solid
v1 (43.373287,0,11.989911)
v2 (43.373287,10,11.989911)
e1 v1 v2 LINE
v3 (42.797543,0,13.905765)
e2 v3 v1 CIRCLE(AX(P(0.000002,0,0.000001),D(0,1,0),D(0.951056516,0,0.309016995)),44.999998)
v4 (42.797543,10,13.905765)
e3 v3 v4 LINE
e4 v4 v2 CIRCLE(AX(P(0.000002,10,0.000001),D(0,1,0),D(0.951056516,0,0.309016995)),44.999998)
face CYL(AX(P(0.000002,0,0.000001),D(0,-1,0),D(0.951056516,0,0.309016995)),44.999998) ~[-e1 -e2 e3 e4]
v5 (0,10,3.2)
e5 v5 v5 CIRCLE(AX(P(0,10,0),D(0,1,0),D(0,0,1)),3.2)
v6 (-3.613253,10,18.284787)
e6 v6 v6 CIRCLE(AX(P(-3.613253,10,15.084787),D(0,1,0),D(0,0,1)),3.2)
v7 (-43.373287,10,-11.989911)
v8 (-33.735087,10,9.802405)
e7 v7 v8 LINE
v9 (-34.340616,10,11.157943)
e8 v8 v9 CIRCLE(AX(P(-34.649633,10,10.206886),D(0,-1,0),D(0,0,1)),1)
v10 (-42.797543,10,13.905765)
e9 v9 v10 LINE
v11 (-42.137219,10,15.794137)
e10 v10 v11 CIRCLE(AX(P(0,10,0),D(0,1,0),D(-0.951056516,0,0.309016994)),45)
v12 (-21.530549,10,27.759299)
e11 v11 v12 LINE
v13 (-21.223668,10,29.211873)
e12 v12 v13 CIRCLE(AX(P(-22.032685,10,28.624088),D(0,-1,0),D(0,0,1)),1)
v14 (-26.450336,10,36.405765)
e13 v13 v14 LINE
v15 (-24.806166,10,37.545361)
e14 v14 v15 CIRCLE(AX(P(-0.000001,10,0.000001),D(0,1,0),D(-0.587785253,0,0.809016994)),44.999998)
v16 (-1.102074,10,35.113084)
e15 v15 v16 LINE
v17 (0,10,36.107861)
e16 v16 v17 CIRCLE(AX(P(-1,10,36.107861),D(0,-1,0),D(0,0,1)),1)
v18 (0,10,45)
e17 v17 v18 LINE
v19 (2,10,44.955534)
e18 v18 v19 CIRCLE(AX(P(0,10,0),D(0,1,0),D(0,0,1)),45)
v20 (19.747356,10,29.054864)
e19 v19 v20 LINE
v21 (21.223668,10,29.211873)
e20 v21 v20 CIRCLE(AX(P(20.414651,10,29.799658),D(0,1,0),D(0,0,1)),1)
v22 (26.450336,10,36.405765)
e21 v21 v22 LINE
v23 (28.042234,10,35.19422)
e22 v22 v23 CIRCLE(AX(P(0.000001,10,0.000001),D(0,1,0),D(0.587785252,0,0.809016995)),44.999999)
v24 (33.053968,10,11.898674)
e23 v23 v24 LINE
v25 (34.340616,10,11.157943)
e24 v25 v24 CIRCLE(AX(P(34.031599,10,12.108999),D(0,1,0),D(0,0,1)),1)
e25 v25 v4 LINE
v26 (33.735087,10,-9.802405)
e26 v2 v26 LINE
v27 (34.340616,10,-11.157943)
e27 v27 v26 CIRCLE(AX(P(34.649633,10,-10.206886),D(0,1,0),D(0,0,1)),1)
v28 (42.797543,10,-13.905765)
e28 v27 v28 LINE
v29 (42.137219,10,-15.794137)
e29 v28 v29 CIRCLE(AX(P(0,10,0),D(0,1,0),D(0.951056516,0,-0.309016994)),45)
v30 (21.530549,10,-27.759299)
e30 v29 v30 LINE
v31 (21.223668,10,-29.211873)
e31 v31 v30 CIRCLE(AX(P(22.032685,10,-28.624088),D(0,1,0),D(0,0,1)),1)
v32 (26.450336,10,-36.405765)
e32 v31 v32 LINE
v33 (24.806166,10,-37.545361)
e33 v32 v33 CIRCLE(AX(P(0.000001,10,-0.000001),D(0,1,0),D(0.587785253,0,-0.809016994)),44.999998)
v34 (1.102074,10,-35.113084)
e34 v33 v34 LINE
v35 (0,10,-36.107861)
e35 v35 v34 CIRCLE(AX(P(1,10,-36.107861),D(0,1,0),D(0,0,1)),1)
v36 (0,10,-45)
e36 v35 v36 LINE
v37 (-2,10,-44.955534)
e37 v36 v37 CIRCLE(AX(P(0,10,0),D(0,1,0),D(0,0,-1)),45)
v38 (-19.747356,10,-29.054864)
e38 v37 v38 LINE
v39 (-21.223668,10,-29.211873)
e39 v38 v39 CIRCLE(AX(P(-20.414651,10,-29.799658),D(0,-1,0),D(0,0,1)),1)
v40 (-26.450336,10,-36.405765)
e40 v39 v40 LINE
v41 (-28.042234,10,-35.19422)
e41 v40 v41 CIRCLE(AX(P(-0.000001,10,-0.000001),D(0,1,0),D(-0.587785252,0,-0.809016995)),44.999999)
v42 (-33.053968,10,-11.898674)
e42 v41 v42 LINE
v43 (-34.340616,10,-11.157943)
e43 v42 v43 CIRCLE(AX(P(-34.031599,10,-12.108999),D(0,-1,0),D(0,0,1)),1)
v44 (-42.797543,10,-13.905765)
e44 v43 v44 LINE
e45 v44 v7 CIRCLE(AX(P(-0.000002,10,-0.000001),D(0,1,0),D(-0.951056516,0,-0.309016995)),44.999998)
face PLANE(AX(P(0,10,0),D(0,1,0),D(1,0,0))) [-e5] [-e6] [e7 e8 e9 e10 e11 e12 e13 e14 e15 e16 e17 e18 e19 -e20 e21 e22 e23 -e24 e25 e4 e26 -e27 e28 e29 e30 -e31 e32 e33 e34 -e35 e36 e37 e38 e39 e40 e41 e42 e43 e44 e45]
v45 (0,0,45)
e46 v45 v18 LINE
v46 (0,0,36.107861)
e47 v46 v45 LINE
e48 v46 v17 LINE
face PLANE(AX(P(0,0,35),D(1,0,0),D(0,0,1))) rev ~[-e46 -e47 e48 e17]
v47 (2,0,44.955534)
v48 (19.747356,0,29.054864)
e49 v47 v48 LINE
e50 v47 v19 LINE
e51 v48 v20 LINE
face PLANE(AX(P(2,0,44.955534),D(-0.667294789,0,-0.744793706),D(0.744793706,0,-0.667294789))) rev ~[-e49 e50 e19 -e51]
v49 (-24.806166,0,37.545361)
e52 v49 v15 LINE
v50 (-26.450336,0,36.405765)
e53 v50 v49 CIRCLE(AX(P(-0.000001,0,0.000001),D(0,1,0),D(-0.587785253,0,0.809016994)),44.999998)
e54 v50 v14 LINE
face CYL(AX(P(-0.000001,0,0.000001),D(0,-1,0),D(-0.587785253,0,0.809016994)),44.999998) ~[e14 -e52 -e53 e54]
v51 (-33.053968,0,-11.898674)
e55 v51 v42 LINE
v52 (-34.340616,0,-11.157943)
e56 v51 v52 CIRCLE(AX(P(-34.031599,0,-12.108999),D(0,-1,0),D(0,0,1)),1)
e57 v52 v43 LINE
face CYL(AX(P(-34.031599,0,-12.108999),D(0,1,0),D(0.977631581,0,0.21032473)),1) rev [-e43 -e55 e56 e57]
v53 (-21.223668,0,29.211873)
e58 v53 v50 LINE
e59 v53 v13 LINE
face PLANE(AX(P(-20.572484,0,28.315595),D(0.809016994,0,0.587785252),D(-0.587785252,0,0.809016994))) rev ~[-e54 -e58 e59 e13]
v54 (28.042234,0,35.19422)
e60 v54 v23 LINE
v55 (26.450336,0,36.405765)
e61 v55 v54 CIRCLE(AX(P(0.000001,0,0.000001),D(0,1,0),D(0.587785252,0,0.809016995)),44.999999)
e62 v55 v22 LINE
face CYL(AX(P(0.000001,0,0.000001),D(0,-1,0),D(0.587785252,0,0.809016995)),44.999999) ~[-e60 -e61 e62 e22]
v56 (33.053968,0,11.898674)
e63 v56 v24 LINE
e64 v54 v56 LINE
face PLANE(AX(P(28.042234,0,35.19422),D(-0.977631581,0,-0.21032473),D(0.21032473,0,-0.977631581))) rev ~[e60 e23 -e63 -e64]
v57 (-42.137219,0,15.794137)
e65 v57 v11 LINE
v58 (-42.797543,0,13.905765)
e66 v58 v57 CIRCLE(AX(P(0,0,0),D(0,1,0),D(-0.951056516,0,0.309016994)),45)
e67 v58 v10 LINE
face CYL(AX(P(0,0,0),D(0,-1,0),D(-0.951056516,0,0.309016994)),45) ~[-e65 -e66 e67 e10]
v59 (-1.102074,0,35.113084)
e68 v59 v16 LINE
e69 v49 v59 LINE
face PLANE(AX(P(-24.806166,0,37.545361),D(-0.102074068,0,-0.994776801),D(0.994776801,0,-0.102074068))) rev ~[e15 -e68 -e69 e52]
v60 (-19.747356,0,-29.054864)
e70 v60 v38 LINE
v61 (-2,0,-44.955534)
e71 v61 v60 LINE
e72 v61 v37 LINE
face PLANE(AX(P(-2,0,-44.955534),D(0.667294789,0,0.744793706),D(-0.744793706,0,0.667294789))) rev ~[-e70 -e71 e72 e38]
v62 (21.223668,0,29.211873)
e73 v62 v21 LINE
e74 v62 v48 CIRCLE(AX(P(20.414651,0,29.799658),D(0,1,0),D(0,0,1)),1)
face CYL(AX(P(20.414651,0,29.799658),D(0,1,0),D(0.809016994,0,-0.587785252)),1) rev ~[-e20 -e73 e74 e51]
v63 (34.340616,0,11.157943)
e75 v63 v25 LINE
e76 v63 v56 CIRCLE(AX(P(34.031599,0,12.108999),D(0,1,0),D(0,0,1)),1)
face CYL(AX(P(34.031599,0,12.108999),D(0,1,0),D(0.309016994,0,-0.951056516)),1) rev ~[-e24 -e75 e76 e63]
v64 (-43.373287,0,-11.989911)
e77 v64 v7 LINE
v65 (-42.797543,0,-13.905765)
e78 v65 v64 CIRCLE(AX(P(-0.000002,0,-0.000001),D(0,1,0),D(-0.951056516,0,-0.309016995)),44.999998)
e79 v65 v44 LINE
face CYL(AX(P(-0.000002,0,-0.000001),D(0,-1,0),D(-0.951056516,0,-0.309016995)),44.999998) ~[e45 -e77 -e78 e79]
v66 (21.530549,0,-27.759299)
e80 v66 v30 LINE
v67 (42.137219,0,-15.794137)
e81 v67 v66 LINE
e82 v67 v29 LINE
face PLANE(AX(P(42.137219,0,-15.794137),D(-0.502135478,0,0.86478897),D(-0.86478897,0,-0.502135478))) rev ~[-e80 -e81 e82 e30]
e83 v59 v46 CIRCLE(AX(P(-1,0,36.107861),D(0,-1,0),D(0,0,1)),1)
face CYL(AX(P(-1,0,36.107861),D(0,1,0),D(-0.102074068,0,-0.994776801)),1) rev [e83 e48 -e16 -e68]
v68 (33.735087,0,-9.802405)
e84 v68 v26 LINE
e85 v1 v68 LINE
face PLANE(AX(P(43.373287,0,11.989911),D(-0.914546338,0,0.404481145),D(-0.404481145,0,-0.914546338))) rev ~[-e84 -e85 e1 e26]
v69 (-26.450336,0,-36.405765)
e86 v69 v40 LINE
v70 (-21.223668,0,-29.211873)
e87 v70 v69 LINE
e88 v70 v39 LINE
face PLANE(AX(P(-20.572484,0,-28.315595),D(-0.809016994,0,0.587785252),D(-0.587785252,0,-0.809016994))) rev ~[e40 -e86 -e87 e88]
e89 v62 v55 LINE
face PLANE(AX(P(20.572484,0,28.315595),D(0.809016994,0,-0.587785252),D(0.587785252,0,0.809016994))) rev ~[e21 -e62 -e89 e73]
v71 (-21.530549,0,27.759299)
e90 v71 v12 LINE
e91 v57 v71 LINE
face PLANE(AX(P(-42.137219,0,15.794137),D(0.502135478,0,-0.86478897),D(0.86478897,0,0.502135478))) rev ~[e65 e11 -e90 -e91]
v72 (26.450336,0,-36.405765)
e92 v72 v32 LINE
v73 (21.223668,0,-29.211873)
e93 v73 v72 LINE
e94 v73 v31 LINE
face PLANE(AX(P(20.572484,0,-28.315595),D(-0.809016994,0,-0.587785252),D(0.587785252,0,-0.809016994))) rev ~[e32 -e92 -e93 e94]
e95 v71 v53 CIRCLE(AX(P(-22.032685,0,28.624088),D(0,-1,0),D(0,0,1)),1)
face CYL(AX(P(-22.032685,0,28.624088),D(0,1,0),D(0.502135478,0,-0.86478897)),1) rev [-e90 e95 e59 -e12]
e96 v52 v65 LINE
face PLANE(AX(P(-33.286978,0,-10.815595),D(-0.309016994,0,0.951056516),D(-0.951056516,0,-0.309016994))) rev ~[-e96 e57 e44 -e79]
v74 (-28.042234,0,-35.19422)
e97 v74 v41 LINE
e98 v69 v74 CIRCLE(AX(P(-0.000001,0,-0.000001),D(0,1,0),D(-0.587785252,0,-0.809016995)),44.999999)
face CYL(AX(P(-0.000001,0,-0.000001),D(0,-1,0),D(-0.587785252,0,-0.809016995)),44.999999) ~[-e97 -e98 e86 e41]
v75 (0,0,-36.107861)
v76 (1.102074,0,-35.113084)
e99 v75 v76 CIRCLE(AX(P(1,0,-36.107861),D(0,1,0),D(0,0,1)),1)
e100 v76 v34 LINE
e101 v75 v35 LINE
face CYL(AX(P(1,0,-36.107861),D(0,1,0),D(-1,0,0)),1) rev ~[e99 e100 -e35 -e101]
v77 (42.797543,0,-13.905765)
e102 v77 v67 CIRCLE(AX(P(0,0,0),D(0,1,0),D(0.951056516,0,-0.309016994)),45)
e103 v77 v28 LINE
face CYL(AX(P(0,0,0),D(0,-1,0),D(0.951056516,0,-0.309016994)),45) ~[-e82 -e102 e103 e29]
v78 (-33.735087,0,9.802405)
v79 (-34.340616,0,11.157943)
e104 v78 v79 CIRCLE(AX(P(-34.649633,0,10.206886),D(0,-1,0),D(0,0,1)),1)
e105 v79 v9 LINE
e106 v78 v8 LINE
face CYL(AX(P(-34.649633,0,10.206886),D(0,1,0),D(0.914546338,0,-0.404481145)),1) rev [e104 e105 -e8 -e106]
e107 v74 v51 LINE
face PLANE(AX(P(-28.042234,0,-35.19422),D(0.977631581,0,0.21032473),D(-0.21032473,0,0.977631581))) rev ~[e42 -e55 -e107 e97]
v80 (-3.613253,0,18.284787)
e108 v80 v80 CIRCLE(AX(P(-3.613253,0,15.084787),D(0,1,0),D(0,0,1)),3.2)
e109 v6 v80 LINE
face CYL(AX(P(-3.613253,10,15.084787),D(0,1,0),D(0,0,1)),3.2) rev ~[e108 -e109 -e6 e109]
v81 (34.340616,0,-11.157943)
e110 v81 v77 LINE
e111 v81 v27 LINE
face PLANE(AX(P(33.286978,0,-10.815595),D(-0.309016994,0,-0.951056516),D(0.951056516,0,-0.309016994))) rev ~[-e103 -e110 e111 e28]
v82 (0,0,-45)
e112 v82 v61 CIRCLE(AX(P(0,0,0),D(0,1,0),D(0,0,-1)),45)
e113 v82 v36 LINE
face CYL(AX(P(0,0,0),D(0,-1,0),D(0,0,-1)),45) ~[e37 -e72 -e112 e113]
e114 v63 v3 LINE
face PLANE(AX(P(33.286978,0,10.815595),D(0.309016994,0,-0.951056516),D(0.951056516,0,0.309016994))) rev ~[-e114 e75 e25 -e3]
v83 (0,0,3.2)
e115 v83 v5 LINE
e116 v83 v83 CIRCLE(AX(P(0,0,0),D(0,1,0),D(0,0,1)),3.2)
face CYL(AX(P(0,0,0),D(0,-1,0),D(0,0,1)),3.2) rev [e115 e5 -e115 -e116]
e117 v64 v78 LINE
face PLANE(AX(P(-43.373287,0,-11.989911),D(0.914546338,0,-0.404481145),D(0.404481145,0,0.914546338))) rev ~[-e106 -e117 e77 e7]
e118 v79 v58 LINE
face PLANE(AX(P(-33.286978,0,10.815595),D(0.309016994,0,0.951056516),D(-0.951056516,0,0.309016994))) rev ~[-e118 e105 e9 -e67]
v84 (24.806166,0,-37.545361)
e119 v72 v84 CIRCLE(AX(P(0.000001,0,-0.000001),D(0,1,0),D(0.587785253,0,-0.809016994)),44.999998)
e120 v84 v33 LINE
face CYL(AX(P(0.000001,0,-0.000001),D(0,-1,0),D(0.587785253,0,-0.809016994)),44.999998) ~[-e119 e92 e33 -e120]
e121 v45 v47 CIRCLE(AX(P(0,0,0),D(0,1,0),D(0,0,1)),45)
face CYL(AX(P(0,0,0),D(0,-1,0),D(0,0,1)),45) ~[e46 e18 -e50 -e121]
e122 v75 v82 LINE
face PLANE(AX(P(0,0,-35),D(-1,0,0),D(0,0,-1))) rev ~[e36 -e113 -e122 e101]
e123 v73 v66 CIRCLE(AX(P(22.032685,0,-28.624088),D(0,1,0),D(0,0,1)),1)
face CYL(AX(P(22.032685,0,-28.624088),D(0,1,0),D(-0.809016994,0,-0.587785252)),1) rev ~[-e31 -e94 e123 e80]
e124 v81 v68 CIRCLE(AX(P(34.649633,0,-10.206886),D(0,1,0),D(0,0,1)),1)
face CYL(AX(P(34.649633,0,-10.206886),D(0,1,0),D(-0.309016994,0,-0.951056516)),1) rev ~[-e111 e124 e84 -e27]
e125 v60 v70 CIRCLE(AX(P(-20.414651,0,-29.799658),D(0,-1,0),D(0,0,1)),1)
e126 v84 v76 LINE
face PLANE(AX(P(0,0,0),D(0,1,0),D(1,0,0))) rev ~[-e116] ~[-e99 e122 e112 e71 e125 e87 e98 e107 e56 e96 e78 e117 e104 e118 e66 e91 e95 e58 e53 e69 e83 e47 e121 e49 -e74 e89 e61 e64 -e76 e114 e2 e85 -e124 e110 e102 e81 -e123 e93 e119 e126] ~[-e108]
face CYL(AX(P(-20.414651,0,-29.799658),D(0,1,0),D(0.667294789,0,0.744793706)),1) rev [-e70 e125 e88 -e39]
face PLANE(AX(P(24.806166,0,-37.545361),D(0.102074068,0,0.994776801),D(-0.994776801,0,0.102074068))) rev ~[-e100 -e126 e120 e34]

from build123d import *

# Parameters (mm, degrees)
SKETCH2_R           = 3.2
BOSS_EXTRUDE1_DEPTH = 10
FILLET1_R           = 1
SKETCH3_R           = 3.2
CUT_EXTRUDE1_DEPTH  = 40


with BuildPart() as part:
    # Sketch2 → Boss-Extrude1 (new body)
    with BuildSketch(Plane(origin=(0, 0, 0), x_dir=(1, 0, 0), z_dir=(0, 1, 0))):
        with BuildLine():
            Line((-2, 44.955533586), (-20.57248383, 28.315594803))
            Line((-20.57248383, 28.315594803), (-26.450336353, 36.405764747))
            ThreePointArc((-26.450336353, 36.405764747), (-27.253018295, 35.808839605), (-28.04223364, 35.194220158))
            Line((-28.04223364, 35.194220158), (-33.28697807, 10.815594803))
            Line((-33.28697807, 10.815594803), (-42.797543233, 13.905764747))
            ThreePointArc((-42.797543233, 13.905764747), (-43.09606277, 12.951037555), (-43.373287149, 11.989910837))
            Line((-43.373287149, 11.989910837), (-33.28697807, -10.815594803))
            Line((-33.28697807, -10.815594803), (-42.797543233, -13.905764747))
            ThreePointArc((-42.797543233, -13.905764747), (-42.477876048, -14.853620651), (-42.137219172, -15.794136902))
            Line((-42.137219172, -15.794136902), (-20.57248383, -28.315594803))
            Line((-20.57248383, -28.315594803), (-26.450336353, -36.405764747))
            ThreePointArc((-26.450336353, -36.405764747), (-25.634584446, -36.984700625), (-24.806165662, -37.545361167))
            Line((-24.806165662, -37.545361167), (0, -35))
            Line((0, -35), (0, -45))
            ThreePointArc((0, -45), (1.000247127, -44.988882023), (2, -44.955533586))
            Line((2, -44.955533586), (20.57248383, -28.315594803))
            Line((20.57248383, -28.315594803), (26.450336353, -36.405764747))
            ThreePointArc((26.450336353, -36.405764747), (27.253018295, -35.808839605), (28.04223364, -35.194220158))
            Line((28.04223364, -35.194220158), (33.28697807, -10.815594803))
            Line((33.28697807, -10.815594803), (42.797543233, -13.905764747))
            ThreePointArc((42.797543233, -13.905764747), (43.09606277, -12.951037555), (43.373287149, -11.989910837))
            Line((43.373287149, -11.989910837), (33.28697807, 10.815594803))
            Line((33.28697807, 10.815594803), (42.797543233, 13.905764747))
            ThreePointArc((42.797543233, 13.905764747), (42.477876048, 14.853620651), (42.137219172, 15.794136902))
            Line((42.137219172, 15.794136902), (20.57248383, 28.315594803))
            Line((20.57248383, 28.315594803), (26.450336353, 36.405764747))
            ThreePointArc((26.450336353, 36.405764747), (25.634584446, 36.984700625), (24.806165662, 37.545361167))
            Line((24.806165662, 37.545361167), (0, 35))
            Line((0, 35), (0, 45))
            ThreePointArc((0, 45), (-1.000247127, 44.988882023), (-2, 44.955533586))
        make_face()
        with Locations(Location((0, 0, 0), (0, 0, 270))):
            Circle(SKETCH2_R, mode=Mode.SUBTRACT)
    extrude(amount=BOSS_EXTRUDE1_DEPTH)

    # Fillet1
    fillet1_edges = [part.edges().sort_by_distance(p)[0] for p in [
        (-20.57248383, 5, 28.315594803),
        (-33.28697807, 5, 10.815594803),
        (-33.28697807, 5, -10.815594803),
        (-20.57248383, 5, -28.315594803),
        (0, 5, -35),
        (20.57248383, 5, -28.315594803),
        (33.28697807, 5, -10.815594803),
        (33.28697807, 5, 10.815594803),
        (20.57248383, 5, 28.315594803),
        (0, 5, 35),
    ]]
    fillet(fillet1_edges, radius=FILLET1_R)

    # Sketch3 → Cut-Extrude1 (cut)
    with BuildSketch(Plane(origin=(352.77049505, 10, -1092.526706597), x_dir=(-0.9455896889977465, 0, 0.32536155283183854), z_dir=(0, 1, 0))):
        with Locations(Location((697.366992794, 931.392438652, 0), (0, 0, 71.012519009))):
            Circle(SKETCH3_R)
    extrude(amount=-CUT_EXTRUDE1_DEPTH, mode=Mode.SUBTRACT)


solid = part.part
